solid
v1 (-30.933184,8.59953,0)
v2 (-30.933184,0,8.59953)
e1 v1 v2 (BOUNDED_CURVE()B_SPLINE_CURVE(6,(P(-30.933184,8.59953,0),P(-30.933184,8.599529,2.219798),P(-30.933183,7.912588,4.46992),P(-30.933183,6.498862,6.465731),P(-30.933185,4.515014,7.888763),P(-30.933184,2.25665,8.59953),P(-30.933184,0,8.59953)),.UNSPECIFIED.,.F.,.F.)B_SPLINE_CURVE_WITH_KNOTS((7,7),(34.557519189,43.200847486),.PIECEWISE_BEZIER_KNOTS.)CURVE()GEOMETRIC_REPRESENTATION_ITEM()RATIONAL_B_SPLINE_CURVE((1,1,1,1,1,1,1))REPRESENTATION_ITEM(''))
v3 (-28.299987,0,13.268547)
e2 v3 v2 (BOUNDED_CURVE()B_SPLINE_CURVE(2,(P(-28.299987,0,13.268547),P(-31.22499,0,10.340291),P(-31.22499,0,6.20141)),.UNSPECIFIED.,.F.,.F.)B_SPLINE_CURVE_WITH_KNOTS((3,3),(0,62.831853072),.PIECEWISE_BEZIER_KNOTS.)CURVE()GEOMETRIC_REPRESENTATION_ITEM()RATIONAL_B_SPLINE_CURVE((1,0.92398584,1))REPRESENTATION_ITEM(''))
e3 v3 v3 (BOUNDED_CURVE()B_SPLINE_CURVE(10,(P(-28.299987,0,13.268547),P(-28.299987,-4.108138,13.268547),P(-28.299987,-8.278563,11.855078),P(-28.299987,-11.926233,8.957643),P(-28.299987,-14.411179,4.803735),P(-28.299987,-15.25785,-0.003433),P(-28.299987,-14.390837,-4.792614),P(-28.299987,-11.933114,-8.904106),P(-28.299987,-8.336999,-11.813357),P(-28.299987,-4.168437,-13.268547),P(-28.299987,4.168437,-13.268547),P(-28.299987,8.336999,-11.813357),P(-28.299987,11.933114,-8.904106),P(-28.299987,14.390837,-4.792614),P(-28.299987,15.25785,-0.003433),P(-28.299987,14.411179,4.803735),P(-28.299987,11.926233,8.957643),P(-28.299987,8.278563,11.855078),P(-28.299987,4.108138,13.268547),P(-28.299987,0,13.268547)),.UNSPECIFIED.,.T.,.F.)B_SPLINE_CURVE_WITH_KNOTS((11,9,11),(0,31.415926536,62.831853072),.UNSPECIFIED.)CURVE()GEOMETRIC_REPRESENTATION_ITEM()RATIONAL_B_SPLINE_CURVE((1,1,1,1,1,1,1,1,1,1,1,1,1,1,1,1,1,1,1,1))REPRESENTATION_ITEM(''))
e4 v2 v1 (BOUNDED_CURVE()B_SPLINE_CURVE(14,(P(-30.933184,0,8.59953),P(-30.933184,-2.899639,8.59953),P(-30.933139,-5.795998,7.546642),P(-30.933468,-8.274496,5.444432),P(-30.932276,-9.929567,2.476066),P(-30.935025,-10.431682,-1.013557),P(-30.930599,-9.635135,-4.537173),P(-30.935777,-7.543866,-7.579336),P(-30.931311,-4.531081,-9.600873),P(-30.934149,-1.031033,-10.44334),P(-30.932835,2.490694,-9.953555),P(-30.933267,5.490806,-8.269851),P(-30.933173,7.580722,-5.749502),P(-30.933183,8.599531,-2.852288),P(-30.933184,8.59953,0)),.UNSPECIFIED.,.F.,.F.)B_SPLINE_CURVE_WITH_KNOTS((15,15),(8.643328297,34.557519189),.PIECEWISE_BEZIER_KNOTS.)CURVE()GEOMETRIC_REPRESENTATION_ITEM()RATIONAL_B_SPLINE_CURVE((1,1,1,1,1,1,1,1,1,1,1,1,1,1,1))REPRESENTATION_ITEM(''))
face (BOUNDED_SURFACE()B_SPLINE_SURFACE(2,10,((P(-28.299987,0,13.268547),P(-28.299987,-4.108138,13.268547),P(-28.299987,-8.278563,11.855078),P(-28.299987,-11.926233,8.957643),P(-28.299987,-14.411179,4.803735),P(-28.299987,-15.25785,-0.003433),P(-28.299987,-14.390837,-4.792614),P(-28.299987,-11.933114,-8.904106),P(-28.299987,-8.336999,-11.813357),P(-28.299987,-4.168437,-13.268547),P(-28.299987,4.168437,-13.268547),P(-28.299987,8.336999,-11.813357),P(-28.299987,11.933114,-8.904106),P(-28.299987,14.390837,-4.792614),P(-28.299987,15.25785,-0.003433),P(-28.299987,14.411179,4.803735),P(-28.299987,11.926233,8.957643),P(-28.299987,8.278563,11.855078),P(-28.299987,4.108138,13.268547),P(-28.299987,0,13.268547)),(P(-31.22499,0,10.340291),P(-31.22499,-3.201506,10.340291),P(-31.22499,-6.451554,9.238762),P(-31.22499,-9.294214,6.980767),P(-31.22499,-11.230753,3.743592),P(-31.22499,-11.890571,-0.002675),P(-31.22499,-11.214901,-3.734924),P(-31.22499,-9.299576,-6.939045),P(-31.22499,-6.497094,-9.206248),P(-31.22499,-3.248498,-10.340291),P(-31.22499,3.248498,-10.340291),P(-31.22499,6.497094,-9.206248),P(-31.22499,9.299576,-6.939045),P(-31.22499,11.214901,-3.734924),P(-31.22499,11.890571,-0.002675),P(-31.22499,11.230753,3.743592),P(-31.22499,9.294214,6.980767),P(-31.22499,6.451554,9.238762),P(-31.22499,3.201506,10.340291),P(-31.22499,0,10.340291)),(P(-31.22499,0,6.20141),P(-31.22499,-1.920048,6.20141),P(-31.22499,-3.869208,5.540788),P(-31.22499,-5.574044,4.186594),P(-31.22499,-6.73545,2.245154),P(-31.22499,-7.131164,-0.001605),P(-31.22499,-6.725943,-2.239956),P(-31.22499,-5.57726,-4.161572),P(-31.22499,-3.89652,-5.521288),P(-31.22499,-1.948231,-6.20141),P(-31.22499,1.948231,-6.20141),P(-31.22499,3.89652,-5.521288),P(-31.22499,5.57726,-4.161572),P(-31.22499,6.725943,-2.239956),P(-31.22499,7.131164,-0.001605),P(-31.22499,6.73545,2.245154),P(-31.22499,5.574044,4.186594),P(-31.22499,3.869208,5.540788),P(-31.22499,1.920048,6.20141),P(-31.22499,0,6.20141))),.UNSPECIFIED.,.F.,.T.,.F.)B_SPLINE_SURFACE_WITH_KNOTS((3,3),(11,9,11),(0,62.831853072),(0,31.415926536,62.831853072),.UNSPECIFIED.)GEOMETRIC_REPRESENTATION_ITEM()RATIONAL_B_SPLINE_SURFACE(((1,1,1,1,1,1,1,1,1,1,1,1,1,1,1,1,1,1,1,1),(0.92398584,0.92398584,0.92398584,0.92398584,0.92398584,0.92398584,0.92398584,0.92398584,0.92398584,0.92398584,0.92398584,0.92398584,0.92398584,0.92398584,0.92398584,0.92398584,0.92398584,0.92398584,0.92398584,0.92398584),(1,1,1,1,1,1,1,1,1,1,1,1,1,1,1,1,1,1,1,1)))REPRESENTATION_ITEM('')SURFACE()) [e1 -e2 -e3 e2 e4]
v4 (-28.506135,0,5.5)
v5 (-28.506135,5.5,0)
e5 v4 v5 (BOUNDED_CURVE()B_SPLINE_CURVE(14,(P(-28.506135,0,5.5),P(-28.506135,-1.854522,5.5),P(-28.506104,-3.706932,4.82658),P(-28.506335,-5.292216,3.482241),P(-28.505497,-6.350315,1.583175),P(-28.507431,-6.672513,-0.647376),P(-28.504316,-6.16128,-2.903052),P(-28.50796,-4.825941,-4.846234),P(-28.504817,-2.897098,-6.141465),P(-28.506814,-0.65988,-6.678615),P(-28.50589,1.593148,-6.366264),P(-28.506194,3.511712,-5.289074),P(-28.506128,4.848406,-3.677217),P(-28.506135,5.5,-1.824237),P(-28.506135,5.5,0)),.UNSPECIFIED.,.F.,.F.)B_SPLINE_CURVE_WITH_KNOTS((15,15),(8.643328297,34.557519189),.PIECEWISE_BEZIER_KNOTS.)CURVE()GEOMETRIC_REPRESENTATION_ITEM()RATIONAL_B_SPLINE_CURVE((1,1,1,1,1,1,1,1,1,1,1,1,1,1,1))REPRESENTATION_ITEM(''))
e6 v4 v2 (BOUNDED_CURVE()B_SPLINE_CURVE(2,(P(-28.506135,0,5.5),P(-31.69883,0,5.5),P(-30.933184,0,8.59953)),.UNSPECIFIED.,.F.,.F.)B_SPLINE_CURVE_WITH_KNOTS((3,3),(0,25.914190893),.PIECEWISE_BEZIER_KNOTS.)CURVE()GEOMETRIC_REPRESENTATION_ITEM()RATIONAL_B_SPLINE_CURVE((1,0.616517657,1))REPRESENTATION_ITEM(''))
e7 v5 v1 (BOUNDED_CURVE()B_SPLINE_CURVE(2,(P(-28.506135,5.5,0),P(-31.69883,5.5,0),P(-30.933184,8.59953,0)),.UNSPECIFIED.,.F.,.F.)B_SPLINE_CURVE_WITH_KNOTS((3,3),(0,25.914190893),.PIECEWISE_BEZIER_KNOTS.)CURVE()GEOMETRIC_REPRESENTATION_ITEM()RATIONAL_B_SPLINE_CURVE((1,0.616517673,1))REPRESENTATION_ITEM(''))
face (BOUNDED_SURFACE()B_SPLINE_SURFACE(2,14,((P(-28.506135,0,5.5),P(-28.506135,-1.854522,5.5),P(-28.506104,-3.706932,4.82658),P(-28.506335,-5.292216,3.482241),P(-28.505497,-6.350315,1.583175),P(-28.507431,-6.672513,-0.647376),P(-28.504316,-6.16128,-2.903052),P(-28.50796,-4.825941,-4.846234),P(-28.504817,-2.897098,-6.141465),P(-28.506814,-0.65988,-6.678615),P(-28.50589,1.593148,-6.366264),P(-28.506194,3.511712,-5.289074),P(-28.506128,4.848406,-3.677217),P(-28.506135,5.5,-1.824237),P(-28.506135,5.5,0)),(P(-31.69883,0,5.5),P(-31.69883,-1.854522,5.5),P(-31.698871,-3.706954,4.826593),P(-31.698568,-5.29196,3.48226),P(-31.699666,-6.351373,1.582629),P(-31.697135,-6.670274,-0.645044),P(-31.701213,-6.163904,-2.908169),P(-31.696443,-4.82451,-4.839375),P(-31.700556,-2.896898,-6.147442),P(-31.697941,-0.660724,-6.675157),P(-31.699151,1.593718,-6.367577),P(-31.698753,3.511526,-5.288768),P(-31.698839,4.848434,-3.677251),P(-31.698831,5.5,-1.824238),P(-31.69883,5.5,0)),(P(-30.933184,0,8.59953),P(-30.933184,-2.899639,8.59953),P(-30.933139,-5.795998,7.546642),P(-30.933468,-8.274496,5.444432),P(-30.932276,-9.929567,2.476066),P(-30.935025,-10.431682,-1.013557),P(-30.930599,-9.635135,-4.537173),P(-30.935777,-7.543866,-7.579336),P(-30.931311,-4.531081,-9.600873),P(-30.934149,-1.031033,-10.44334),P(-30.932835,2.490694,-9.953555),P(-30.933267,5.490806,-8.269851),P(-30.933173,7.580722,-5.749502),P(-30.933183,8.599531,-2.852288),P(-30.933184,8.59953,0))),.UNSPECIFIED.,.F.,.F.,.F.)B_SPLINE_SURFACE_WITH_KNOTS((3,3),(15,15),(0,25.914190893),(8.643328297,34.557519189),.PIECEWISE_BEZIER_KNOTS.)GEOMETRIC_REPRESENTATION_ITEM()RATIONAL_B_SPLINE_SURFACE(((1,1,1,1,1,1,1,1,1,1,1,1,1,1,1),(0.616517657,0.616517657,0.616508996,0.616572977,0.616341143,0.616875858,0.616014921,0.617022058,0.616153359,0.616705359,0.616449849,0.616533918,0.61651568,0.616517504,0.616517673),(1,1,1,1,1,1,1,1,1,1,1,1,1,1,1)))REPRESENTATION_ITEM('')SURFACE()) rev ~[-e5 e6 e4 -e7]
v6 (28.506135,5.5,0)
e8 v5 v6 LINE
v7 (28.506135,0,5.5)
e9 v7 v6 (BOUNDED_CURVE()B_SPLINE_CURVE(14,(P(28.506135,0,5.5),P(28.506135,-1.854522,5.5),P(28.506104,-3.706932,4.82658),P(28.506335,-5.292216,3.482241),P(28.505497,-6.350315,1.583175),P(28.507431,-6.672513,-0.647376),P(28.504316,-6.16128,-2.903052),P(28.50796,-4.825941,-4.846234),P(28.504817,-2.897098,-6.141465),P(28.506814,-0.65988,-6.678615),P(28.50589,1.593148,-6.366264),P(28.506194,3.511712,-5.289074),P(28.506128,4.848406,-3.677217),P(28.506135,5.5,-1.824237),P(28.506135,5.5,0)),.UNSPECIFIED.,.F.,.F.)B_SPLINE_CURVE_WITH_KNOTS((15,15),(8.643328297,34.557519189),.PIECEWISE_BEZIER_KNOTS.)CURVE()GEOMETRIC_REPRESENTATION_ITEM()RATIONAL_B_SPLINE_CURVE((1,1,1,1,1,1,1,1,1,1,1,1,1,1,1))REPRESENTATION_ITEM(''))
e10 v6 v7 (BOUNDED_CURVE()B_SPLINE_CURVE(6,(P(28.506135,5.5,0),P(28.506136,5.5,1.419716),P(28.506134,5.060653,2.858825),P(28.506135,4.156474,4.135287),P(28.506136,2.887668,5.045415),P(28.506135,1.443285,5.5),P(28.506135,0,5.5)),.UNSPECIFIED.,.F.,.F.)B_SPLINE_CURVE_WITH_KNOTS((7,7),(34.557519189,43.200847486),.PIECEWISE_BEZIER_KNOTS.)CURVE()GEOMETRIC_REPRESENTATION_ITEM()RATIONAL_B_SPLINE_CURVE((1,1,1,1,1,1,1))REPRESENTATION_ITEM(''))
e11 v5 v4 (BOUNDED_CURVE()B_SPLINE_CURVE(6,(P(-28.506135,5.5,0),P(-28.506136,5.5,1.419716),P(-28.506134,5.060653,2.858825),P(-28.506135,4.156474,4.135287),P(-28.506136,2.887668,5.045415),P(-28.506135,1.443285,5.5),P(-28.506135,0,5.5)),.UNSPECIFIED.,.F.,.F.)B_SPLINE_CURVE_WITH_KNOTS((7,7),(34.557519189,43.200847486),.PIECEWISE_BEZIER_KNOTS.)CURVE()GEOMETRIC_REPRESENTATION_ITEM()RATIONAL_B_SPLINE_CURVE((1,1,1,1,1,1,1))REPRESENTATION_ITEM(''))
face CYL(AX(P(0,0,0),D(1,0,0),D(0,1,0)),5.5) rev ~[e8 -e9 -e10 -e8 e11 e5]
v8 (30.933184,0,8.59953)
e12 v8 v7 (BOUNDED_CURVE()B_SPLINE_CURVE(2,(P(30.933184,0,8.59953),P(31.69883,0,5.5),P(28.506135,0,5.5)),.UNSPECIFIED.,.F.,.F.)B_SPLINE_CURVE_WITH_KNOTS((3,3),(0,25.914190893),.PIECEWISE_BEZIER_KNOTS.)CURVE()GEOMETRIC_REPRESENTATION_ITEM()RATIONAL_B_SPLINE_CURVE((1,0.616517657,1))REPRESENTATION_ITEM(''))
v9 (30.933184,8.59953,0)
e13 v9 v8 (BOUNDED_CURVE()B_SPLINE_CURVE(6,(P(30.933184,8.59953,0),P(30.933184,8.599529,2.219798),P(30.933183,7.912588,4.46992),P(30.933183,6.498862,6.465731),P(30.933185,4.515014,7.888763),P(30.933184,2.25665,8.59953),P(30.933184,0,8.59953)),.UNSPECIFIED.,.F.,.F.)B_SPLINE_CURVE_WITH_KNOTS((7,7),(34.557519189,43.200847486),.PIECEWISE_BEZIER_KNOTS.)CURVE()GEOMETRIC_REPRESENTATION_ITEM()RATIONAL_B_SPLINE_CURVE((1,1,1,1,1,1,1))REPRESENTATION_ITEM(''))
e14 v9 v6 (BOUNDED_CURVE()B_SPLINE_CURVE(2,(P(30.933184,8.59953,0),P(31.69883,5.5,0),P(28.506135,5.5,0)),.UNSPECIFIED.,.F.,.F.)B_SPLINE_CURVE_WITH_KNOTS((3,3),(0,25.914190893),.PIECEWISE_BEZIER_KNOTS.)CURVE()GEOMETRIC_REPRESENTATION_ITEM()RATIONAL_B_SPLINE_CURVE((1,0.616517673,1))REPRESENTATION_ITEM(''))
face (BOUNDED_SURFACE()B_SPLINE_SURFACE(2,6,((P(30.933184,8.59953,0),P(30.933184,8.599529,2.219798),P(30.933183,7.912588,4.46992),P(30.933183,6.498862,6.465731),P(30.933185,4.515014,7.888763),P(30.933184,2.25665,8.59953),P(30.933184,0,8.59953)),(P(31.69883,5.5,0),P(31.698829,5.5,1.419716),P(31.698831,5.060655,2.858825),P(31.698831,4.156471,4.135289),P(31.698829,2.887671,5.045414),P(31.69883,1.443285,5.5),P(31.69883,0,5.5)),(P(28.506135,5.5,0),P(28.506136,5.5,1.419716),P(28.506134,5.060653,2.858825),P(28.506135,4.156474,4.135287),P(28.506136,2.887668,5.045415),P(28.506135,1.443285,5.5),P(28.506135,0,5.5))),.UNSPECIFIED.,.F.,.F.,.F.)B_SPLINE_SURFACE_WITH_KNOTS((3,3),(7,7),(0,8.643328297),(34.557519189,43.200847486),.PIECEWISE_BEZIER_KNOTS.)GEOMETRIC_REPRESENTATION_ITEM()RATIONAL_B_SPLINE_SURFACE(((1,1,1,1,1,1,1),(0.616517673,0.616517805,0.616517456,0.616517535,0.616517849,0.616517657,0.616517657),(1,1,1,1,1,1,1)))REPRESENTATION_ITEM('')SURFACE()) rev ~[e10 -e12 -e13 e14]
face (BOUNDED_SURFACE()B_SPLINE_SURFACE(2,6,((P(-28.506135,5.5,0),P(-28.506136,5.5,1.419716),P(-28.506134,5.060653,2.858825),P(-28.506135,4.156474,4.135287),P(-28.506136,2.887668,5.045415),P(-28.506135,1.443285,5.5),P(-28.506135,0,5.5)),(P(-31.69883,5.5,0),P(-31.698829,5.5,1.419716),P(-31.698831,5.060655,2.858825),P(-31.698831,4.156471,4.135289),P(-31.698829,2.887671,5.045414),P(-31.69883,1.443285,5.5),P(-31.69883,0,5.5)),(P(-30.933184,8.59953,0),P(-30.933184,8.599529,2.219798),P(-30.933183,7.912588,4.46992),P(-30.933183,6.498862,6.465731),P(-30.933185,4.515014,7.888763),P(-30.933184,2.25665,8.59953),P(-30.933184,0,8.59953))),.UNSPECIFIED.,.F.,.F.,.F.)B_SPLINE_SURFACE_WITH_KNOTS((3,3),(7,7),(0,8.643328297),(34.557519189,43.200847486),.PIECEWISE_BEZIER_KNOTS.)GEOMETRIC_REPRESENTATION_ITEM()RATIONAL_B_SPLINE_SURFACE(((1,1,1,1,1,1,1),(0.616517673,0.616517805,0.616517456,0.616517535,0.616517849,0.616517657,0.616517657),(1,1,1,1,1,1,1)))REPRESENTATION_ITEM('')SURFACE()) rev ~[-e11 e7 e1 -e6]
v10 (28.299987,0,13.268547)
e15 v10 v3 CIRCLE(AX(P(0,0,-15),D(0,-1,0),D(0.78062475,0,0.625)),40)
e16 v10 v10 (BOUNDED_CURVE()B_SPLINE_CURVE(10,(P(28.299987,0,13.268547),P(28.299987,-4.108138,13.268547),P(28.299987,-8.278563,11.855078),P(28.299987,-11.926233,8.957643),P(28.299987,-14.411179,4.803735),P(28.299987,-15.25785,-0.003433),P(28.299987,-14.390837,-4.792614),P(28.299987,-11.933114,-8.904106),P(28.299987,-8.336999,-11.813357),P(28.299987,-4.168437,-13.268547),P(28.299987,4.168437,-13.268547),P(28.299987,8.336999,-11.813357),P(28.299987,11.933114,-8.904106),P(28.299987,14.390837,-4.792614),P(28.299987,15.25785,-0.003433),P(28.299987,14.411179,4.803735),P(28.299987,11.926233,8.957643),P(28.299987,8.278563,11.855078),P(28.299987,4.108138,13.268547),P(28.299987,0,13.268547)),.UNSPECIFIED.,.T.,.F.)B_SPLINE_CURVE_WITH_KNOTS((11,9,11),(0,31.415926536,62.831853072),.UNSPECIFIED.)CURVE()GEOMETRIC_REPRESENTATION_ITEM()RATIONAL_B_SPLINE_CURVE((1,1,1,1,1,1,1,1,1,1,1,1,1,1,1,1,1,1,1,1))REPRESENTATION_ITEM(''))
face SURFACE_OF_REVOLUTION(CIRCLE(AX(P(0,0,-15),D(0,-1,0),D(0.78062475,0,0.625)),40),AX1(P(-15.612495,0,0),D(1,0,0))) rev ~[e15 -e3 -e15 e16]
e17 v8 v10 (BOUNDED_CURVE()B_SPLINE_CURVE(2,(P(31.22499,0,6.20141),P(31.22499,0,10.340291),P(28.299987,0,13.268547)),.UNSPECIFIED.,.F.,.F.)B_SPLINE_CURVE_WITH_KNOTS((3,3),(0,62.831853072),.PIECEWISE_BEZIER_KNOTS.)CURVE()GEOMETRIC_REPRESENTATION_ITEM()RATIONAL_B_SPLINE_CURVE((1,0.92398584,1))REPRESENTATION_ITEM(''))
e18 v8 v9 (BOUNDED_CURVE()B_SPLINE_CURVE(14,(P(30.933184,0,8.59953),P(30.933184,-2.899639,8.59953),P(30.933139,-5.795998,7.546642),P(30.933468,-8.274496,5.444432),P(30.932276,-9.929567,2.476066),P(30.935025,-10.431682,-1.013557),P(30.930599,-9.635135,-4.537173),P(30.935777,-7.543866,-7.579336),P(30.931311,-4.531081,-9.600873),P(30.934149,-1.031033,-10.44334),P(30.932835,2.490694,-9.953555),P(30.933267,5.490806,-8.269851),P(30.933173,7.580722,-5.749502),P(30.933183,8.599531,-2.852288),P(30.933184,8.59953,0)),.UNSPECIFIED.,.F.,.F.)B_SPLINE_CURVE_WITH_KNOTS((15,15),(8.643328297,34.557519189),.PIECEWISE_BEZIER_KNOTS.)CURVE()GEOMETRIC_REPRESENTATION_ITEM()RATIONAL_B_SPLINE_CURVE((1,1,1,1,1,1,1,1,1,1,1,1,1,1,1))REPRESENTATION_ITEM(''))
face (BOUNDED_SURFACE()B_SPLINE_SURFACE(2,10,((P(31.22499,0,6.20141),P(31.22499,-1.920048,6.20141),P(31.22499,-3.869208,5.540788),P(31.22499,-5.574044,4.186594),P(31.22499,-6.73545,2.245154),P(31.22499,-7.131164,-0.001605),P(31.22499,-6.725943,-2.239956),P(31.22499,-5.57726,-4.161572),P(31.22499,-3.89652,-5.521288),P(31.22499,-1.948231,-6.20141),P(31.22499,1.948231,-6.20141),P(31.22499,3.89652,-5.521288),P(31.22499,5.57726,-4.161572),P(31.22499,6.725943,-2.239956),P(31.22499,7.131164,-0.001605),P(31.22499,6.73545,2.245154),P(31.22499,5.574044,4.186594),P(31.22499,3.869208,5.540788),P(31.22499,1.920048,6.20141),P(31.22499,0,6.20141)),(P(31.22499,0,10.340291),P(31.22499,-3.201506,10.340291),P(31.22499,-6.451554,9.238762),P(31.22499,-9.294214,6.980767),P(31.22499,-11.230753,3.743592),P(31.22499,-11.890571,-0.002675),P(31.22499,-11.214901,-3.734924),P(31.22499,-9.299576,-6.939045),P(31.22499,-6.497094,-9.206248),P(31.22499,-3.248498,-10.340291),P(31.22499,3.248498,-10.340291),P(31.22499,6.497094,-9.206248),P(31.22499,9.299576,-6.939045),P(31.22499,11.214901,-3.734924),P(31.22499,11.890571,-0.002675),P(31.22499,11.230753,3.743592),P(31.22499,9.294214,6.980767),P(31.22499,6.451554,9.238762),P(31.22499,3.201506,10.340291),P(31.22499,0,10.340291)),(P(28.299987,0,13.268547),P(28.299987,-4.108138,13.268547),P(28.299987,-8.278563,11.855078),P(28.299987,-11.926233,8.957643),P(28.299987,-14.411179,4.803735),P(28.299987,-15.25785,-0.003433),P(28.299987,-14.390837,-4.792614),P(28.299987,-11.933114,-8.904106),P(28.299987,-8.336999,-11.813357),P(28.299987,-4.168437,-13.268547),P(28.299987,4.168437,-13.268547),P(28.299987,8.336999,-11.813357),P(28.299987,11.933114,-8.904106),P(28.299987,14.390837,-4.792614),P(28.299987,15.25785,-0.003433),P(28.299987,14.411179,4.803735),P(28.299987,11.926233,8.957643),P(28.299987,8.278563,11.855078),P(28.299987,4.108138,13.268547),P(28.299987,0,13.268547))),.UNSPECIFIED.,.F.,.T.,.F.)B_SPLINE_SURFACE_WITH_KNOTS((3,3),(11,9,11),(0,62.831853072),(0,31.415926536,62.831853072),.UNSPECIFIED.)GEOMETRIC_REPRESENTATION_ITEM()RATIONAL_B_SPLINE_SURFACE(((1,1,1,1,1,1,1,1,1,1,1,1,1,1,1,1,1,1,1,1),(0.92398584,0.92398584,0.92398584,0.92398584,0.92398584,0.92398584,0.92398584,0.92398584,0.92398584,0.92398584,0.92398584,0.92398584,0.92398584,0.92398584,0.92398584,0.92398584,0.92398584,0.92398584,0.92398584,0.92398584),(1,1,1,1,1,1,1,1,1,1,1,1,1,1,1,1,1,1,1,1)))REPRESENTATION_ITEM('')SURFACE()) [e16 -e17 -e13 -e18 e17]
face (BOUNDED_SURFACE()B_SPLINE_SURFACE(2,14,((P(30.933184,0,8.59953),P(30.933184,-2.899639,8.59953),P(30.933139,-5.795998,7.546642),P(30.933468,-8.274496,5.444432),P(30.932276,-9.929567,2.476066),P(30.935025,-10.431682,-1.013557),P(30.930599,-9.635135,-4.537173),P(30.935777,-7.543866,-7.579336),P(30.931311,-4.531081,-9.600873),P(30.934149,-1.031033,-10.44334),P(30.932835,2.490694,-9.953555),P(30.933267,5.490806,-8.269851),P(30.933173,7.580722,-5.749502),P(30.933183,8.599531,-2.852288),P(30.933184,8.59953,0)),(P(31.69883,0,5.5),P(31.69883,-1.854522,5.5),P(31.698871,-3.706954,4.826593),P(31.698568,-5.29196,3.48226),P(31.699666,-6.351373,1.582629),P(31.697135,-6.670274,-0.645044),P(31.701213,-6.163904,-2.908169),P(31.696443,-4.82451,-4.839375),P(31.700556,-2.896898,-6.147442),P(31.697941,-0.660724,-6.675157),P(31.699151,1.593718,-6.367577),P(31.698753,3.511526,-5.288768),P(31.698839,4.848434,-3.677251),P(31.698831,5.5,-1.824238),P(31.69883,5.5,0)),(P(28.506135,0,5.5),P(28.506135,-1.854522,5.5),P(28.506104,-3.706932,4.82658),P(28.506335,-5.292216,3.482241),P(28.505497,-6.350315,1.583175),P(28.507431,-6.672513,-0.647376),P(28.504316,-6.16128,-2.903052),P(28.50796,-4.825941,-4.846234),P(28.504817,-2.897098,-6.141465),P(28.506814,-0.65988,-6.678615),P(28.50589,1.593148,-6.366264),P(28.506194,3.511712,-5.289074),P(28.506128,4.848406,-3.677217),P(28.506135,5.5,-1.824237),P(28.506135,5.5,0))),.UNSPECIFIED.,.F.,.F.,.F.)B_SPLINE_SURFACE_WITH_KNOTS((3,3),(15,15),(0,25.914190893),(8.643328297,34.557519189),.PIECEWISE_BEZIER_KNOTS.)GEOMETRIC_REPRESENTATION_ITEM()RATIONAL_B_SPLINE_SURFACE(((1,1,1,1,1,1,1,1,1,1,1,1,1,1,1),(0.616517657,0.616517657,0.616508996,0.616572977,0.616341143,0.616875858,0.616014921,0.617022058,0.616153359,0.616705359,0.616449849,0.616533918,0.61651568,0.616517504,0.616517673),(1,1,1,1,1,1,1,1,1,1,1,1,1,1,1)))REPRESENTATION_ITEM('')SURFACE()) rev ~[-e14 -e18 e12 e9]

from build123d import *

# Parameters (mm, degrees)
F2_R     = 10
F3_R     = 5.5
F4_DEPTH = 100
F5_R     = 2.5


with BuildPart() as f1:
    # F0 (on Front) → F1 (revolve)
    with BuildSketch(Plane.XZ):
        with BuildLine():
            Line((31.224989992, 0), (31.224989992, 10))
            ThreePointArc((31.224989992, 10), (0, 25), (-31.224989992, 10))
            Line((-31.224989992, 10), (-31.224989992, 0))
            Line((-31.224989992, 0), (0, 0))
            Line((0, 0), (31.224989992, 0))
        make_face()
    revolve(axis=Axis((-15.612494996, 0, 0), (1, 0, 0)))

    # F2
    f2_edges = [f1.edges().sort_by_distance(p)[0] for p in [
        (-31.22499, 0, -10),
        (31.22499, 0, -10),
    ]]
    fillet(f2_edges, radius=F2_R)

    # F3 (on Right) → F4 (cut, symmetric)
    with BuildSketch(Plane.YZ):
        Circle(F3_R)
    extrude(amount=F4_DEPTH, both=True, mode=Mode.SUBTRACT)

    # F5
    f5_edges = [f1.edges().sort_by_distance(p)[0] for p in [
        (-31.22499, -5.5, 0),
        (31.22499, -5.5, 0),
    ]]
    fillet(f5_edges, radius=F5_R)


solid = f1.part
